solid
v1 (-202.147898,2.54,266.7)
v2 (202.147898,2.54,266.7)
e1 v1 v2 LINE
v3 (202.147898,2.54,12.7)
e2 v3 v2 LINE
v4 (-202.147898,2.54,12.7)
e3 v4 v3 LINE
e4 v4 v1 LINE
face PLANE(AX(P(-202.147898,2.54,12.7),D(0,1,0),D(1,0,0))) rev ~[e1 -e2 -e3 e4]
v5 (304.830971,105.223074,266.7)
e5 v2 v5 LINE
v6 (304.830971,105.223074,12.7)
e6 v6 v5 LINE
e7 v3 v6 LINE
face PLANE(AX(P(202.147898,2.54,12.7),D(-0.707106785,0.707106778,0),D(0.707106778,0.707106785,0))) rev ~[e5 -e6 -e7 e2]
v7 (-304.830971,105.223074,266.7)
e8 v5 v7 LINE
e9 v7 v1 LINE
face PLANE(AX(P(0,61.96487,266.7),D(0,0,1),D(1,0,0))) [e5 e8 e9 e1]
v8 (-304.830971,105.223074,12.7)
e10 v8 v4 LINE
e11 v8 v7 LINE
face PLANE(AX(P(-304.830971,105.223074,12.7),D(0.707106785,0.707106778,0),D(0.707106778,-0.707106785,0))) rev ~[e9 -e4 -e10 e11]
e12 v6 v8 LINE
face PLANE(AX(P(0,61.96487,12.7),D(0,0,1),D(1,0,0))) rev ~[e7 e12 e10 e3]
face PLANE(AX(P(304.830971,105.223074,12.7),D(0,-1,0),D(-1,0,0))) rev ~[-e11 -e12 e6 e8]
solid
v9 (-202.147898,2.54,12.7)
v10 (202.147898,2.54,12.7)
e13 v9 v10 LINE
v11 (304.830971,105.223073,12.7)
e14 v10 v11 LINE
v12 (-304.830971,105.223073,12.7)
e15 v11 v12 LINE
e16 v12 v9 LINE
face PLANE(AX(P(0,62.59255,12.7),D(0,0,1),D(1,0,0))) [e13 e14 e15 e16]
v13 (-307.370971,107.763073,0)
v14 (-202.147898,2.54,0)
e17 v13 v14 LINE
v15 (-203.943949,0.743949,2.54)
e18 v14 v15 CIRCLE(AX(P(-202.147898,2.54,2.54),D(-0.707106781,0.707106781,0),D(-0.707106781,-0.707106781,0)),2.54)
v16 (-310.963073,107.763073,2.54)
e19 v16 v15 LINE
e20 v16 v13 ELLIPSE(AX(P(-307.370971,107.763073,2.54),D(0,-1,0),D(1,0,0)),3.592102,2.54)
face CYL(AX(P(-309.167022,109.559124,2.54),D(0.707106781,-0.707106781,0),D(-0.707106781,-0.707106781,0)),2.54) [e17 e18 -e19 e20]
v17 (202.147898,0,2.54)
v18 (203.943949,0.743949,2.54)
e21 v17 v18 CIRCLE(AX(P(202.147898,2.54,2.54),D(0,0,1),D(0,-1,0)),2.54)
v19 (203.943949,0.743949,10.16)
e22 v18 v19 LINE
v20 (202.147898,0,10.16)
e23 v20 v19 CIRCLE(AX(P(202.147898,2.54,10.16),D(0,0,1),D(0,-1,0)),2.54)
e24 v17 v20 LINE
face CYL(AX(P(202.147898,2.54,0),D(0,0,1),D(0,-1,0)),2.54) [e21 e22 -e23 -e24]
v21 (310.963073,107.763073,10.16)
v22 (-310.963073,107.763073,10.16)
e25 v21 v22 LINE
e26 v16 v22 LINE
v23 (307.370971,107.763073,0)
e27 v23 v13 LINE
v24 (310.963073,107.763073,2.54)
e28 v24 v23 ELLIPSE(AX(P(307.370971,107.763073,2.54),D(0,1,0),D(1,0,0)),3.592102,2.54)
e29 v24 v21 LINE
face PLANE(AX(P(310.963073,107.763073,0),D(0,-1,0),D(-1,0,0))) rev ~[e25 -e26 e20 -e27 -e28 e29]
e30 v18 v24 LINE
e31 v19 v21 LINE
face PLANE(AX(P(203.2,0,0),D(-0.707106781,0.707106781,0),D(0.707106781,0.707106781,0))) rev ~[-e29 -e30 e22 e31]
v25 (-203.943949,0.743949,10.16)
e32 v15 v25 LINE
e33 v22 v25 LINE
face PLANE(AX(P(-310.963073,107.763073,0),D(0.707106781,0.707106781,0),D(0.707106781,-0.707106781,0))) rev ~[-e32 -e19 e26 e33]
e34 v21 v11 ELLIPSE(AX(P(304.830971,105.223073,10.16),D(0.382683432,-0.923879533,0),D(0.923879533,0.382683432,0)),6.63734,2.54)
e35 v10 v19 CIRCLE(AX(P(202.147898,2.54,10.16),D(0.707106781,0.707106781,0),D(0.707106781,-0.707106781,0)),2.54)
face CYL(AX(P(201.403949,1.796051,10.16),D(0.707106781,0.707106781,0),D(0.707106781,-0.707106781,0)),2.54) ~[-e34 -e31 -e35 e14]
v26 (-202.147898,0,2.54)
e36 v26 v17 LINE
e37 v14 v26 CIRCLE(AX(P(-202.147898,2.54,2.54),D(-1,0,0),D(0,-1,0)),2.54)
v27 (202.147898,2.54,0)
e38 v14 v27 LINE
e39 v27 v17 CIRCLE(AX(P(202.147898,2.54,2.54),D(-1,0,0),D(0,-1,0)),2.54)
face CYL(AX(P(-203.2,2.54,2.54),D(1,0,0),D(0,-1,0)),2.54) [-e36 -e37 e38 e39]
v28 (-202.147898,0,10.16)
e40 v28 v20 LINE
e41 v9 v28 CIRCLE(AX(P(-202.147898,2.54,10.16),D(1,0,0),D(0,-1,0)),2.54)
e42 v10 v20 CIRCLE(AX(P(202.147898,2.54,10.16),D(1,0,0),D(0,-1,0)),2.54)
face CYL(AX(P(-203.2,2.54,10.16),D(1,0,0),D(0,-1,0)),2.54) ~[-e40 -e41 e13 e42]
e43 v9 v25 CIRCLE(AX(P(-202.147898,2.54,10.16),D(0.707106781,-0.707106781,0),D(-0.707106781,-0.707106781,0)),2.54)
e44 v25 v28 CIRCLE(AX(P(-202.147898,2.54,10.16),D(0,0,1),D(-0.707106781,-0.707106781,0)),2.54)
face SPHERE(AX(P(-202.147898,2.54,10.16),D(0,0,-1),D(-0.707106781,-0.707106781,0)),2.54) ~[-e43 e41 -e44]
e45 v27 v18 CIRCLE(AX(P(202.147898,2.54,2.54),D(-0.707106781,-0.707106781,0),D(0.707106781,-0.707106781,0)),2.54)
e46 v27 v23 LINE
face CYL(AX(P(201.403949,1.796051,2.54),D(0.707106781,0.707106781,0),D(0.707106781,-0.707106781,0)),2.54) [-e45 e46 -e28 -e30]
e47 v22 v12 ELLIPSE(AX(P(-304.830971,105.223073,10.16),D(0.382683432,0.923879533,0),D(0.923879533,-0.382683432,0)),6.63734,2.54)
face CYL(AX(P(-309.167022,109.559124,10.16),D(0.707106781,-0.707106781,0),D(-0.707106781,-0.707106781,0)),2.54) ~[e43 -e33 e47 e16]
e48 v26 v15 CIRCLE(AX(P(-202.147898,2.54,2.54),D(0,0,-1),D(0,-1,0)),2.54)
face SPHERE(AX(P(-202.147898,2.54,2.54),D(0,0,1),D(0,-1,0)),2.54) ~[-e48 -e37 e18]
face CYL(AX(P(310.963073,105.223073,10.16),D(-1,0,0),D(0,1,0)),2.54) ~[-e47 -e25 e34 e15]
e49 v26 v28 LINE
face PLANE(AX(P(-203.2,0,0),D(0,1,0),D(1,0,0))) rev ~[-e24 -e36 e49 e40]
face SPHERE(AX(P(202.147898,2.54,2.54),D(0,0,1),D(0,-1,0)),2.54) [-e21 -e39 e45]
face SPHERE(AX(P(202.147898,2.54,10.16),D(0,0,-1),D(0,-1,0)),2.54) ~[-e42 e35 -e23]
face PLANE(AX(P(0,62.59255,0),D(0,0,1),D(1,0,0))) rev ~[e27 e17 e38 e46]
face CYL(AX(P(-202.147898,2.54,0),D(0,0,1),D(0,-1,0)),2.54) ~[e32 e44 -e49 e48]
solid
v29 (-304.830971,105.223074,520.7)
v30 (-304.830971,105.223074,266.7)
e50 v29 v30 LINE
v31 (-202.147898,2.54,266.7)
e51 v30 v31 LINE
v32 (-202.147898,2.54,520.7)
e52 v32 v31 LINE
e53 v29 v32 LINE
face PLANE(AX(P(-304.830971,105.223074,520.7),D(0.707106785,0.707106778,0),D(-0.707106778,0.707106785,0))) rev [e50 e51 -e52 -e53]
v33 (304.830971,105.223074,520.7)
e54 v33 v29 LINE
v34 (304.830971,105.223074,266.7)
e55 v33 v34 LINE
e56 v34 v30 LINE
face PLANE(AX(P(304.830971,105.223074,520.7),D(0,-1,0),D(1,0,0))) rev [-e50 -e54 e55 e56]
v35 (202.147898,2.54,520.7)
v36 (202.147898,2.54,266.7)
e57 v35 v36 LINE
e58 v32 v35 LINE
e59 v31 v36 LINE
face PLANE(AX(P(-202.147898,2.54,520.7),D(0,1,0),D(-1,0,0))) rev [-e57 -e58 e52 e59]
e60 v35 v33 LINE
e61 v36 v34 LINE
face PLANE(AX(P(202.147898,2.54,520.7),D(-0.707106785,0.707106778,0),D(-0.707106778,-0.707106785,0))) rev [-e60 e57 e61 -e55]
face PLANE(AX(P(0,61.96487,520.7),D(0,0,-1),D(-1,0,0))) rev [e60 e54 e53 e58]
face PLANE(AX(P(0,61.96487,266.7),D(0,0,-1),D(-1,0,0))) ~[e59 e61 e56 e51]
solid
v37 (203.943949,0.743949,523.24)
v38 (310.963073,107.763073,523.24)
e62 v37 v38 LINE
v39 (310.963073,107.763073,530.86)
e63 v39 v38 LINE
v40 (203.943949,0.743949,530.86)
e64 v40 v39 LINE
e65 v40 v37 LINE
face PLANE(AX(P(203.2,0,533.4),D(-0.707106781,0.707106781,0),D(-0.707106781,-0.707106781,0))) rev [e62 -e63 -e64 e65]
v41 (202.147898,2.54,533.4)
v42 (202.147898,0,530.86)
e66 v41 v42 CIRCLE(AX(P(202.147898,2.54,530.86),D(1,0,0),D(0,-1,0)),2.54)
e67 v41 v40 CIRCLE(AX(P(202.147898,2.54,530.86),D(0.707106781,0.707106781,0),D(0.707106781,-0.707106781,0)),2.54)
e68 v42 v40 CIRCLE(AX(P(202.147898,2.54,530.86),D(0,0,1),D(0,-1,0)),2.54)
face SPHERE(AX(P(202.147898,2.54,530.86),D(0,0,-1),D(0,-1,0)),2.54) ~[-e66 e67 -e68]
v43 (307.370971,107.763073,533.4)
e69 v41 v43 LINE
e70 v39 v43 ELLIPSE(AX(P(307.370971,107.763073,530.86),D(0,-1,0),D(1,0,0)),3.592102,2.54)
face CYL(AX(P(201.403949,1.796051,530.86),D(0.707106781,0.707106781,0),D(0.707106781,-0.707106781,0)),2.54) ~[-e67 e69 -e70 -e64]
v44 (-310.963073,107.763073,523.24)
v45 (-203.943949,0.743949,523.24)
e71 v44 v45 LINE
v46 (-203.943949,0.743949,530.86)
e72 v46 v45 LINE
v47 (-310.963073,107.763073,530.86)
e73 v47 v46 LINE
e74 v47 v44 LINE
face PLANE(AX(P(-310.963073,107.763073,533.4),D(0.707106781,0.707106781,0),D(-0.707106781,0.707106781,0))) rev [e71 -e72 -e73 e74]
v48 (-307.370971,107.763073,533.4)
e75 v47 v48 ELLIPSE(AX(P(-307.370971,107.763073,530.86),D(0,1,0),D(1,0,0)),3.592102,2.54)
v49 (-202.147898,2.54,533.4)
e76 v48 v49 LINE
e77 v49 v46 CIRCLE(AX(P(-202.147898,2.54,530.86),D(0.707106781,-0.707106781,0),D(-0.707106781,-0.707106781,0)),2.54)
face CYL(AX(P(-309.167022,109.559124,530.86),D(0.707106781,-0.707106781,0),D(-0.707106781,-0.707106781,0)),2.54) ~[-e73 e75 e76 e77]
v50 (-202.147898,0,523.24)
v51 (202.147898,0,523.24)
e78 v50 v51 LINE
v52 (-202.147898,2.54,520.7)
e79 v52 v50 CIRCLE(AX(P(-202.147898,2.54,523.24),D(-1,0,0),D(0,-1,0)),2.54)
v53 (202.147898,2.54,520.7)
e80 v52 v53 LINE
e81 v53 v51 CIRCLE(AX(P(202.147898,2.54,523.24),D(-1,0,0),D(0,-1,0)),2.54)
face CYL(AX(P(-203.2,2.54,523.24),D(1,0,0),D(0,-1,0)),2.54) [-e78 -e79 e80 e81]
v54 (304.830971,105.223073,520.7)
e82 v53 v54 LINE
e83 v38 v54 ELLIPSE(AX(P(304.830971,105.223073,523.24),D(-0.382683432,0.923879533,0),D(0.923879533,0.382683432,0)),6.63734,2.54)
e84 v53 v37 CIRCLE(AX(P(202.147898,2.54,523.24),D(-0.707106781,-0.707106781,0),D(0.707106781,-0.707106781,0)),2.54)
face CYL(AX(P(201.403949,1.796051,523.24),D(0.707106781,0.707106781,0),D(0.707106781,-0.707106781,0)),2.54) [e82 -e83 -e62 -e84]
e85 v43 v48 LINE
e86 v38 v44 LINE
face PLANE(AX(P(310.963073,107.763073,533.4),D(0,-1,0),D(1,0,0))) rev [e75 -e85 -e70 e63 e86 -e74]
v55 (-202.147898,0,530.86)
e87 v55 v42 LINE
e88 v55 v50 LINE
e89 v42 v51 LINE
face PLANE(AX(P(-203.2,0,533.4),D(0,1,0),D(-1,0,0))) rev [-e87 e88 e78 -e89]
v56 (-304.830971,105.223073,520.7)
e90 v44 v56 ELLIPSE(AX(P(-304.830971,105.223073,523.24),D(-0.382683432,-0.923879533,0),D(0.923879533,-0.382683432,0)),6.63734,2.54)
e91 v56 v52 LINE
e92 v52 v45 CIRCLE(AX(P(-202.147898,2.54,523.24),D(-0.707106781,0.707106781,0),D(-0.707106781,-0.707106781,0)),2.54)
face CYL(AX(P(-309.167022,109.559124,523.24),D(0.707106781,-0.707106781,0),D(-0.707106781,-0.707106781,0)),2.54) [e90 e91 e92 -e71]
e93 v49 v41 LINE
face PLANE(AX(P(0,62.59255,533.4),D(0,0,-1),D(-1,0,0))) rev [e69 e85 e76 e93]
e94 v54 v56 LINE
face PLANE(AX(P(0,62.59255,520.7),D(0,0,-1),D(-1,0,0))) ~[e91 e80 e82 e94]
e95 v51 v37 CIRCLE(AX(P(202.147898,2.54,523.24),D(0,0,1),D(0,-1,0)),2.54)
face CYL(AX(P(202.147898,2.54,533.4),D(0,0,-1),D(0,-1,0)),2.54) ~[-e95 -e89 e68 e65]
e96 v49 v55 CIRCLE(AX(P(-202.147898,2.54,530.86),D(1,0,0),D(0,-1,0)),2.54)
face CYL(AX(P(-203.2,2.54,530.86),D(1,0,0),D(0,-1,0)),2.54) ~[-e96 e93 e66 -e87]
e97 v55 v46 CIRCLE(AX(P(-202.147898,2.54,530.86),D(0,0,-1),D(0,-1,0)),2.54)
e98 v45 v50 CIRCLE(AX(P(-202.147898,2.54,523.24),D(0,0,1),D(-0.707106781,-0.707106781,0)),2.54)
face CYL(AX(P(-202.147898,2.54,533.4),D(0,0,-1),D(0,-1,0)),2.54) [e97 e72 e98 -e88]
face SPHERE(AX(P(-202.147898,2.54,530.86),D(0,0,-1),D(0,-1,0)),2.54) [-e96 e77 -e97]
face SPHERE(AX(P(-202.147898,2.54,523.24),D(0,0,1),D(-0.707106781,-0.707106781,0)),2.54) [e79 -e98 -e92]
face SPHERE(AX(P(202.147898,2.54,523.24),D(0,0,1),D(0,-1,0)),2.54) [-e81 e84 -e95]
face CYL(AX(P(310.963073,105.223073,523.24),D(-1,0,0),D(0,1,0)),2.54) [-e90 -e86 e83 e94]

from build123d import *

# Parameters (mm, degrees)
F1_DEPTH = 12.7
F2_R     = 2.54
F3_DEPTH = 254


with BuildPart() as f1:
    # F0 (on Top) → F1 (new body)
    with BuildSketch(Plane.XY):
        Polygon((-203.2, 0), (0, 0), (203.2, 0), (310.963073, 107.763073), (0, 107.763073), (-310.963073, 107.763073), align=None)
    extrude(amount=F1_DEPTH)

    # F2
    f2_edges = [f1.edges().sort_by_distance(p)[0] for p in [
        (-257.081537, 53.881537, 12.7),
        (0, 0, 12.7),
        (257.081537, 53.881537, 12.7),
        (0, 107.763073, 12.7),
        (-203.2, 0, 6.35),
        (203.2, 0, 6.35),
        (0, 0, 0),
        (257.081537, 53.881537, 0),
        (-257.081537, 53.881537, 0),
    ]]
    fillet(f2_edges, radius=F2_R)


with BuildPart() as f3:
    # F1_face (on face) → F3 (new body)
    with BuildSketch(Plane(origin=(0, 57.347761, 12.7), x_dir=(1, 0, 0), z_dir=(0, 0, 1))):
        Polygon((-304.830971, 47.875313), (-202.147898, -54.807761), (202.147898, -54.807761), (304.830971, 47.875313), align=None)
    extrude(amount=F3_DEPTH)


with BuildPart() as f4_1:
    # F4: instance of F1
    add(f1.part.mirror(Plane(origin=(0, 57.347761, 266.7), x_dir=(1, 0, 0), z_dir=(0, 0, 1))))


with BuildPart() as f4_2:
    # F4: instance of F3
    add(f3.part.mirror(Plane(origin=(0, 57.347761, 266.7), x_dir=(1, 0, 0), z_dir=(0, 0, 1))))


solid = Compound([f1.part, f3.part, f4_1.part, f4_2.part])
